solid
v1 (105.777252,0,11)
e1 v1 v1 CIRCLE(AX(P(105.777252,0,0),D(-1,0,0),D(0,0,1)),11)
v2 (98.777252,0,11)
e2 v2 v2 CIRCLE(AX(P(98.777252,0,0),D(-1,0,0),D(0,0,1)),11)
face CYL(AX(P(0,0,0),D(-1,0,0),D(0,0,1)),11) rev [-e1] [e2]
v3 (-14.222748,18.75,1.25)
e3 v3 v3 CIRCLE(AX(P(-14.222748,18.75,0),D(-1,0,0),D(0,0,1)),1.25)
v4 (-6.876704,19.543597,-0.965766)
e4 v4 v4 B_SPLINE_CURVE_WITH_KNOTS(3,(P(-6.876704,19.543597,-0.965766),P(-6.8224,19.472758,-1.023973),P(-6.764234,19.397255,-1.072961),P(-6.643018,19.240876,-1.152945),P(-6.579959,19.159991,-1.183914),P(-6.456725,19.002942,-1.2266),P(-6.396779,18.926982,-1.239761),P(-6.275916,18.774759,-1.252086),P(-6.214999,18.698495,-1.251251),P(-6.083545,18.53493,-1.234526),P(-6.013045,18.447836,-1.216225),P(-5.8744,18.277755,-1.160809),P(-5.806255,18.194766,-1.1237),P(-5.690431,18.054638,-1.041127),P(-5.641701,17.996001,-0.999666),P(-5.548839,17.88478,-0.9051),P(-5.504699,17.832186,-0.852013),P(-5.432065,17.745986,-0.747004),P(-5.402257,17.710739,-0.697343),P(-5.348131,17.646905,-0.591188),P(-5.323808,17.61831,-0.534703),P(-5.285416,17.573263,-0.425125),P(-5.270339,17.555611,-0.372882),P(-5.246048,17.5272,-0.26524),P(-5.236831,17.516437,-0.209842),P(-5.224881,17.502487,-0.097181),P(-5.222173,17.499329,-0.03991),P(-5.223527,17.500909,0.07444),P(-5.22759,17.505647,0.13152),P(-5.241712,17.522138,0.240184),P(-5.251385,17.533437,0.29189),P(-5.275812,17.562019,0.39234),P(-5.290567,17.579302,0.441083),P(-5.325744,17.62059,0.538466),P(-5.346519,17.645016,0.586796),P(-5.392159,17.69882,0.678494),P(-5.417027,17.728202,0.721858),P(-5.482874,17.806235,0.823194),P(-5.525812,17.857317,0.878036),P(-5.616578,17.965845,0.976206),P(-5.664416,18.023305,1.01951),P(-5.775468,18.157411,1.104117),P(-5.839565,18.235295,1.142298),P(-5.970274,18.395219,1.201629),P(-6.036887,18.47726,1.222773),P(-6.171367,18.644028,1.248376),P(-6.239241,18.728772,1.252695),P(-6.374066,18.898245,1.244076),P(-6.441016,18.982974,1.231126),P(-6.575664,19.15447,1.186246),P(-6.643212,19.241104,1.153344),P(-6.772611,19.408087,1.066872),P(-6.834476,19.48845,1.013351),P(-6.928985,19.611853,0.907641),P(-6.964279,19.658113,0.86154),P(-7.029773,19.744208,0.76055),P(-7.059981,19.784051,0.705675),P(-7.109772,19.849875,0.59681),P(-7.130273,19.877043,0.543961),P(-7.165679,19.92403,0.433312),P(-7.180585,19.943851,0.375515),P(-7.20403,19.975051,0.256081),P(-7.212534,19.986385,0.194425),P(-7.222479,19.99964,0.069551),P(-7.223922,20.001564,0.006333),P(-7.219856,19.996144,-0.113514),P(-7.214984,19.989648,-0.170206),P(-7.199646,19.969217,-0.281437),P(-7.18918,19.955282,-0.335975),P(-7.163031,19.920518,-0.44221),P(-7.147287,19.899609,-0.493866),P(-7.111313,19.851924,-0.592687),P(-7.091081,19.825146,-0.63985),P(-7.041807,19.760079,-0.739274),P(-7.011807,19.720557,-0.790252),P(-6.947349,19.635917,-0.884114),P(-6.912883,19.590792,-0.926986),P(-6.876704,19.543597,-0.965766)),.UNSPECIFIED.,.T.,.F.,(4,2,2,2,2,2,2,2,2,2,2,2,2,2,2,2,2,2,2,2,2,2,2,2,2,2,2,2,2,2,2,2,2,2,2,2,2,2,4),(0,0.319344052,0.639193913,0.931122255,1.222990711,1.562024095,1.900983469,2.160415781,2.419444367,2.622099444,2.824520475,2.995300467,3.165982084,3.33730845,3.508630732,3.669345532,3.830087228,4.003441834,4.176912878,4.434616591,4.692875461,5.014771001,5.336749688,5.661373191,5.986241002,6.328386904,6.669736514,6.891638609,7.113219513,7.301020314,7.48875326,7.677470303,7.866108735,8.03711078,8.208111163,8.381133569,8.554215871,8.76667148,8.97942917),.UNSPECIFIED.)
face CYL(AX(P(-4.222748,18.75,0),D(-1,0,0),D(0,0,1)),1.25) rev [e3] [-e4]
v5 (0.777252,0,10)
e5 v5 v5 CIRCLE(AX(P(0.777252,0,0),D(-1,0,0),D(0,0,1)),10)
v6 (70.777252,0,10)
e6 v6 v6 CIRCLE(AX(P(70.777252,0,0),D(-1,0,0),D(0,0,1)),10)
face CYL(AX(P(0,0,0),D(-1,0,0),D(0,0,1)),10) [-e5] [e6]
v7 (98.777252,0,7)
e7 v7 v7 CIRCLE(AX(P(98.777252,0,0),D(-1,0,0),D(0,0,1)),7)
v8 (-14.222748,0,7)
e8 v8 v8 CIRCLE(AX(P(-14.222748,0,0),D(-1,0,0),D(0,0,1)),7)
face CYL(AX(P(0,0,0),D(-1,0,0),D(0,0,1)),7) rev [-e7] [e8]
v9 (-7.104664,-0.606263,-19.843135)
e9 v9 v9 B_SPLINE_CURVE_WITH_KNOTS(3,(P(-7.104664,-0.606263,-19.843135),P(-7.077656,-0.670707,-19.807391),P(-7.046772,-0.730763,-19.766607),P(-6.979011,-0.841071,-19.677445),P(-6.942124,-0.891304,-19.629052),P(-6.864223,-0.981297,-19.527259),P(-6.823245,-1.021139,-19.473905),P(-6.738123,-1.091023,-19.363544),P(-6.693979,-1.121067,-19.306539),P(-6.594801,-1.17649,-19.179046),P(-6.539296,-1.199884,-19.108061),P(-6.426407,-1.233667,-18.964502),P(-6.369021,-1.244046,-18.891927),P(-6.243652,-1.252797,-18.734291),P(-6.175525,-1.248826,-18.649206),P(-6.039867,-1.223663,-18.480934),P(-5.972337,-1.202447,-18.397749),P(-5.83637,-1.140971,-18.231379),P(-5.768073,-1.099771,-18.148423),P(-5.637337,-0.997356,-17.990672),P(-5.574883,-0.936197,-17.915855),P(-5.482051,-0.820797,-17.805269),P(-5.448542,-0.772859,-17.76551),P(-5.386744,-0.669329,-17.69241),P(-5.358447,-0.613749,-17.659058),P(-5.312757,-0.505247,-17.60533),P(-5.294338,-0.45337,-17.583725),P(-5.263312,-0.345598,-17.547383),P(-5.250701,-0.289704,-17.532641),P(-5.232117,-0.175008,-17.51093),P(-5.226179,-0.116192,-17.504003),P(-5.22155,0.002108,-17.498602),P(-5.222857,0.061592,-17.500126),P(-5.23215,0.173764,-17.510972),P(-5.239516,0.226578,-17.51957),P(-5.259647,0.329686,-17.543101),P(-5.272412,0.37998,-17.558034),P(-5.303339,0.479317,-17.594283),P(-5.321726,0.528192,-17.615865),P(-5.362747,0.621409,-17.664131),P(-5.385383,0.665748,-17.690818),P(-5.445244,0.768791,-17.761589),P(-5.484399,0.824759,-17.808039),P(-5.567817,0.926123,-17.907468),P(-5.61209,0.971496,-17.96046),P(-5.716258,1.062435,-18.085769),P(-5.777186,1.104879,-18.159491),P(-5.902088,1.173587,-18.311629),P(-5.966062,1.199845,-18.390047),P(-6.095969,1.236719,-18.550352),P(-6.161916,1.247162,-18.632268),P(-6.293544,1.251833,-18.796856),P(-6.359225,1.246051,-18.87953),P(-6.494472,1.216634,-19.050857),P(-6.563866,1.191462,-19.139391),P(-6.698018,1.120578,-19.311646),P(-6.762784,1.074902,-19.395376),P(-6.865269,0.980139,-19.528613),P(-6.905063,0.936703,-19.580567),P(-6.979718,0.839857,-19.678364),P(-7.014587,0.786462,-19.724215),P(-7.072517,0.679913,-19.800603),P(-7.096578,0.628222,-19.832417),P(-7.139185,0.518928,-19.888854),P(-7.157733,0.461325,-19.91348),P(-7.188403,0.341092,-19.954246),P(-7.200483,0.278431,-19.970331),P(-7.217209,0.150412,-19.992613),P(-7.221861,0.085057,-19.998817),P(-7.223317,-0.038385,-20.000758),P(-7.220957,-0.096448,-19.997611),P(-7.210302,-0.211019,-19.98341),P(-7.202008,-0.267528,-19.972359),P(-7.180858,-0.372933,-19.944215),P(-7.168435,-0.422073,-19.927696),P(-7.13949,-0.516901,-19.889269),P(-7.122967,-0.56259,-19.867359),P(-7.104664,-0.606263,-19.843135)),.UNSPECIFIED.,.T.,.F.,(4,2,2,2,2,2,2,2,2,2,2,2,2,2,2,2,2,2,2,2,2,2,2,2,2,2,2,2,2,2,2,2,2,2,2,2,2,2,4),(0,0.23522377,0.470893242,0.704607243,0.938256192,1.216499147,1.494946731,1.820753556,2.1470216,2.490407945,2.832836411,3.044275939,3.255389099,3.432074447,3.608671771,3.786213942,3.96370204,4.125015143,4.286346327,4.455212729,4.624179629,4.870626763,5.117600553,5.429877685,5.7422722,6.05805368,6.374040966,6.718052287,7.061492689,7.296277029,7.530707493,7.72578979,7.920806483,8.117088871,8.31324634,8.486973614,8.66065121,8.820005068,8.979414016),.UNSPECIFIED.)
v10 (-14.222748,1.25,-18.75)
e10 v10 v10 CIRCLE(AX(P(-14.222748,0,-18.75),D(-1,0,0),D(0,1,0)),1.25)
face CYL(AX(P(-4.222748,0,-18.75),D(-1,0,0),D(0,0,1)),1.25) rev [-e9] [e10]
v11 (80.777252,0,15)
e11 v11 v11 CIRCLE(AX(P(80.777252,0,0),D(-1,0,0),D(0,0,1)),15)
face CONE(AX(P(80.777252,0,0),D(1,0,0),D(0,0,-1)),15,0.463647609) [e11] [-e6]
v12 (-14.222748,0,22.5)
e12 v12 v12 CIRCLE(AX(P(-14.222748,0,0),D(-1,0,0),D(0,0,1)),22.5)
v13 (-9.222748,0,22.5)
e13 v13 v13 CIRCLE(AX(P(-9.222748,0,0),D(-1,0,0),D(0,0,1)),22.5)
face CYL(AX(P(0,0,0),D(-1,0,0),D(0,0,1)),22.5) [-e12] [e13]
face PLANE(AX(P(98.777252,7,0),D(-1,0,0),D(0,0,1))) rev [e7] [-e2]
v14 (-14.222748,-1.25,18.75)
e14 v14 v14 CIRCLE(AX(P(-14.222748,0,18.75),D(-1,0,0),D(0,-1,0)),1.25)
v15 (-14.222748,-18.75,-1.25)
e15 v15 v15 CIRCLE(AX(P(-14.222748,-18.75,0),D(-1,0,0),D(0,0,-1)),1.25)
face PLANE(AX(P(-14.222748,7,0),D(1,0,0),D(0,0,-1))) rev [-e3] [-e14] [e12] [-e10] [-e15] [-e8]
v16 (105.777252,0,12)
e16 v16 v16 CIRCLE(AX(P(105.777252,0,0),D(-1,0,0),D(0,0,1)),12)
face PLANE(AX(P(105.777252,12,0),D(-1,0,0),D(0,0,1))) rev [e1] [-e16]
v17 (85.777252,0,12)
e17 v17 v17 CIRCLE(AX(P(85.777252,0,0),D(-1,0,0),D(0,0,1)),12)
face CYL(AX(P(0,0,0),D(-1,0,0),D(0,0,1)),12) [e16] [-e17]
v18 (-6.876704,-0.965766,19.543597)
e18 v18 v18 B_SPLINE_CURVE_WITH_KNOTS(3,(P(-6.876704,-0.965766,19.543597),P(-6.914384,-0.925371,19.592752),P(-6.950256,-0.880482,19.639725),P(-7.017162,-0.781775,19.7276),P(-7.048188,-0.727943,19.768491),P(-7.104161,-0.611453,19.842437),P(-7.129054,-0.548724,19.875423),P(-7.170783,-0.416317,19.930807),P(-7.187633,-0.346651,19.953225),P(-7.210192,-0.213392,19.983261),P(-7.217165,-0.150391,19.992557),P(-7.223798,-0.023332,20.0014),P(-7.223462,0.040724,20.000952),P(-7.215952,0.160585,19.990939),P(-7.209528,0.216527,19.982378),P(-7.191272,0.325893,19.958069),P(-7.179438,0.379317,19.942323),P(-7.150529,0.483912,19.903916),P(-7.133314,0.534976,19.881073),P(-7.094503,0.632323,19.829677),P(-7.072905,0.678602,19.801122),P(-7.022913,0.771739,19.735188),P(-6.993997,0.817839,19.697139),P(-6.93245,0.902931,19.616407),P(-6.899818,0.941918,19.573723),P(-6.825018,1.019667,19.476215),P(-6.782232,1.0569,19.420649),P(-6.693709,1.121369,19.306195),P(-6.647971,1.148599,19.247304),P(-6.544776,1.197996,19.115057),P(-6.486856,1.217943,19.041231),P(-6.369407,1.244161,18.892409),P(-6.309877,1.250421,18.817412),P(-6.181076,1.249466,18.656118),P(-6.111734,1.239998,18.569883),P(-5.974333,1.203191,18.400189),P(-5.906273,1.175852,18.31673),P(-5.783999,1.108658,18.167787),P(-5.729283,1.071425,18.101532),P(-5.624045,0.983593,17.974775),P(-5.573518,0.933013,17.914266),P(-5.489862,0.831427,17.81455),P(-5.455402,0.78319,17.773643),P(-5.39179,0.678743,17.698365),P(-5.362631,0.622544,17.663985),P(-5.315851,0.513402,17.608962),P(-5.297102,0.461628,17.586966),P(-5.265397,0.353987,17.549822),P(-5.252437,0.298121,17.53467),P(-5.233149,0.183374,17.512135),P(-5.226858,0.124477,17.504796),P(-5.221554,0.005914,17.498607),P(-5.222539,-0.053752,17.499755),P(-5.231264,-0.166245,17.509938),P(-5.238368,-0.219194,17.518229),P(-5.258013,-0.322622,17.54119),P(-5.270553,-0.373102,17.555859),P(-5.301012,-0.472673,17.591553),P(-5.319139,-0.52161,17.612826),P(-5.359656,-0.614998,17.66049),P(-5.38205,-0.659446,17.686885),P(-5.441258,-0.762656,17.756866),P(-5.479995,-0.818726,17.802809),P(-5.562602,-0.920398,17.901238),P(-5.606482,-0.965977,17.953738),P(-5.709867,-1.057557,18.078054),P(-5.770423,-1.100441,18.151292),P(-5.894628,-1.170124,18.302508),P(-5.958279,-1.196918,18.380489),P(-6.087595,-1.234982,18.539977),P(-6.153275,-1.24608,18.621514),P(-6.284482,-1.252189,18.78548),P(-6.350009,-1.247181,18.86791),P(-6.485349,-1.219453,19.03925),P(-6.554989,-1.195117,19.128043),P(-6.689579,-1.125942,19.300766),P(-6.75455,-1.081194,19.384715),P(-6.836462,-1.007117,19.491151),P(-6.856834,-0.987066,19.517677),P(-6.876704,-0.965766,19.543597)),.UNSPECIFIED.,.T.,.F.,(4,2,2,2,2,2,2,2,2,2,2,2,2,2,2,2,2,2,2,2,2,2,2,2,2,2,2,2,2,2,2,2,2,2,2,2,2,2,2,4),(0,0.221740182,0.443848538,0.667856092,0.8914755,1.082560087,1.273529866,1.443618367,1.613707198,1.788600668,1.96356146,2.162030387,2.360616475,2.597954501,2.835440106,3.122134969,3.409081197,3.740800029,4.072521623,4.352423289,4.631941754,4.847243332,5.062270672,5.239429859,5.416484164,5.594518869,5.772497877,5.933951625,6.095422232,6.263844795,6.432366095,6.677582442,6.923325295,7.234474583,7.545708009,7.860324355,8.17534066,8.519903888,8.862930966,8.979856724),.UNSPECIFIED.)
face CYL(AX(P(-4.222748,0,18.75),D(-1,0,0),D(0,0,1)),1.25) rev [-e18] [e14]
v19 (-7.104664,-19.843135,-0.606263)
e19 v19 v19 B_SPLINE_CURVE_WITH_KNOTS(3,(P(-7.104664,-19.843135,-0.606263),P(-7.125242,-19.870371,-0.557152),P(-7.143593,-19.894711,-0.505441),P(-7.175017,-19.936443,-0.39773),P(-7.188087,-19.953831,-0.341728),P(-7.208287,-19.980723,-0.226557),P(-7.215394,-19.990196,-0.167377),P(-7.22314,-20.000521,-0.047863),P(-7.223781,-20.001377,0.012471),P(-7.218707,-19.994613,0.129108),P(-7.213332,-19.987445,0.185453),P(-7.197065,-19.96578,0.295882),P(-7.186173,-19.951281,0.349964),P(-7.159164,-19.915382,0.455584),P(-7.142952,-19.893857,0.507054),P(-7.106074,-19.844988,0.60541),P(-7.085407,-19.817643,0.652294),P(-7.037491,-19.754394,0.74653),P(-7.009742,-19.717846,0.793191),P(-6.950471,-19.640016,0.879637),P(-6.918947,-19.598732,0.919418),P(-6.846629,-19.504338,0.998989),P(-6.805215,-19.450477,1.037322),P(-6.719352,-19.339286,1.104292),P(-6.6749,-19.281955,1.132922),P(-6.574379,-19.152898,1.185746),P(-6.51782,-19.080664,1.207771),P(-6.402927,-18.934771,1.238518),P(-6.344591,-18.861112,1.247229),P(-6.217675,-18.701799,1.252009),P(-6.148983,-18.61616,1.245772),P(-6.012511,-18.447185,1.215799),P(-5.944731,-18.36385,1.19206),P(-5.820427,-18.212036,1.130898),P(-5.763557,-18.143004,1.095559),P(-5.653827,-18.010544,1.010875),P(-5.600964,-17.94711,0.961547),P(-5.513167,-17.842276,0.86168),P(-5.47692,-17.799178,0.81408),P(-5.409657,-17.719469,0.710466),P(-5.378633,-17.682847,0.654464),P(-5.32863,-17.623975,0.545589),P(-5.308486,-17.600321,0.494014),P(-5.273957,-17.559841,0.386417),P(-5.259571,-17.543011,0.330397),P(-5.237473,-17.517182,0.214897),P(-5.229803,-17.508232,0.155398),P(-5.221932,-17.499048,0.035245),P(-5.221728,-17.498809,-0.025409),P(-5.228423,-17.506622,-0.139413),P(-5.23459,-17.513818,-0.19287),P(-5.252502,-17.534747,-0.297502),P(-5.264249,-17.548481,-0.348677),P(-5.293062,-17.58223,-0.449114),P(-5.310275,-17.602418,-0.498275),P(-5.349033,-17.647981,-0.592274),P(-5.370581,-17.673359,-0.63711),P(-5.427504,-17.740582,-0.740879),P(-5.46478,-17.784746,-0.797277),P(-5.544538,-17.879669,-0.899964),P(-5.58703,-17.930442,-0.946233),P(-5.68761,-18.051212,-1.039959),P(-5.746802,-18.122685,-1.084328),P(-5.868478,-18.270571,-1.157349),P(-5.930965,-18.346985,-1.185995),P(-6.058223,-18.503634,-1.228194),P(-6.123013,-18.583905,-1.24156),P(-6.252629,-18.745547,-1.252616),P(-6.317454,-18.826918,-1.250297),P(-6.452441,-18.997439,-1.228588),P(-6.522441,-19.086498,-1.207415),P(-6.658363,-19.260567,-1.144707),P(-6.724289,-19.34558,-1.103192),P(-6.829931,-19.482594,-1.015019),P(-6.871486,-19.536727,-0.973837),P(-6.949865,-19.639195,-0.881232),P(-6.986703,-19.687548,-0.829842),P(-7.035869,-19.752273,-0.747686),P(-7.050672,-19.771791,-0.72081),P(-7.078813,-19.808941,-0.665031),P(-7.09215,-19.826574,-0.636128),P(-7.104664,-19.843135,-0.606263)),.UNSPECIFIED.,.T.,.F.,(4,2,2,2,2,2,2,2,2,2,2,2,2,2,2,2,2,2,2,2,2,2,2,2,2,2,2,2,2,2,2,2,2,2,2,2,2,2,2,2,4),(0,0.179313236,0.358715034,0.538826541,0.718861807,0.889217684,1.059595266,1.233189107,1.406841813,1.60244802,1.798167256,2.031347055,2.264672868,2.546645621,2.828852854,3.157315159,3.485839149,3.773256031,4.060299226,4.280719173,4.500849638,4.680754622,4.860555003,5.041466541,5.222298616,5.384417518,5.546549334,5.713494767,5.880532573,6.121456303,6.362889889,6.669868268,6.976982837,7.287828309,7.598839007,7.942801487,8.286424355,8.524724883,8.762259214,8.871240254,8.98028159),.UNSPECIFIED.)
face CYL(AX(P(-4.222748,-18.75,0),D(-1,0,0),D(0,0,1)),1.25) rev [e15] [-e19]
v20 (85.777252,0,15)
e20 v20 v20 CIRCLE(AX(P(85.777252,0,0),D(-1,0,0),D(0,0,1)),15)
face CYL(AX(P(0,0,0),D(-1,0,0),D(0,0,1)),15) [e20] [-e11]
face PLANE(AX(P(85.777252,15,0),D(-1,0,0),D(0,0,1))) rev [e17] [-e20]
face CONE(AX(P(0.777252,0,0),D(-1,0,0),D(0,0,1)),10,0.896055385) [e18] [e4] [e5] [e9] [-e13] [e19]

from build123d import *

# Parameters (mm, degrees)
IZIM3_R                 = 1.25
KES_EKSTR_ZYON1_DEPTH   = 10
DAIRESEL_KAPLAMA2_COUNT = 4


with BuildPart() as part:
    # Çizim2 → Döndür1 (revolve)
    with BuildSketch(Plane.XY, mode=Mode.PRIVATE) as d_nd_r1_sk:
        Polygon((-14.222748097, 7), (98.777251903, 7), (98.777251903, 11), (105.777251903, 11), (105.777251903, 12), (85.777251903, 12), (85.777251903, 15), (80.777251903, 15), (70.777251903, 10), (0.777251903, 10), (-9.222748097, 22.5), (-14.222748097, 22.5), align=None)
    revolve(d_nd_r1_sk.sketch.rotate(Axis((0, 0, 0), (1, 0, 0)), 90), axis=Axis((0, 0, 0), (1, 0, 0)))

    # Çizim3 → Kes-Ekstrüzyon1 (cut)
    with BuildSketch(Plane.ZY.offset(14.222748097)):
        with Locations((0, 18.75)):
            Circle(IZIM3_R)
    kes_ekstr_zyon1 = extrude(amount=-KES_EKSTR_ZYON1_DEPTH, mode=Mode.SUBTRACT)

    # Dairesel Kaplama2: Kes-Ekstrüzyon1 ×4 about axis
    dairesel_kaplama2_axis = Axis((0, 0, 0), (1, 0, 0))
    for i in range(1, DAIRESEL_KAPLAMA2_COUNT):
        add(kes_ekstr_zyon1.rotate(dairesel_kaplama2_axis, i * 360 / DAIRESEL_KAPLAMA2_COUNT), mode=Mode.SUBTRACT)


solid = part.part
